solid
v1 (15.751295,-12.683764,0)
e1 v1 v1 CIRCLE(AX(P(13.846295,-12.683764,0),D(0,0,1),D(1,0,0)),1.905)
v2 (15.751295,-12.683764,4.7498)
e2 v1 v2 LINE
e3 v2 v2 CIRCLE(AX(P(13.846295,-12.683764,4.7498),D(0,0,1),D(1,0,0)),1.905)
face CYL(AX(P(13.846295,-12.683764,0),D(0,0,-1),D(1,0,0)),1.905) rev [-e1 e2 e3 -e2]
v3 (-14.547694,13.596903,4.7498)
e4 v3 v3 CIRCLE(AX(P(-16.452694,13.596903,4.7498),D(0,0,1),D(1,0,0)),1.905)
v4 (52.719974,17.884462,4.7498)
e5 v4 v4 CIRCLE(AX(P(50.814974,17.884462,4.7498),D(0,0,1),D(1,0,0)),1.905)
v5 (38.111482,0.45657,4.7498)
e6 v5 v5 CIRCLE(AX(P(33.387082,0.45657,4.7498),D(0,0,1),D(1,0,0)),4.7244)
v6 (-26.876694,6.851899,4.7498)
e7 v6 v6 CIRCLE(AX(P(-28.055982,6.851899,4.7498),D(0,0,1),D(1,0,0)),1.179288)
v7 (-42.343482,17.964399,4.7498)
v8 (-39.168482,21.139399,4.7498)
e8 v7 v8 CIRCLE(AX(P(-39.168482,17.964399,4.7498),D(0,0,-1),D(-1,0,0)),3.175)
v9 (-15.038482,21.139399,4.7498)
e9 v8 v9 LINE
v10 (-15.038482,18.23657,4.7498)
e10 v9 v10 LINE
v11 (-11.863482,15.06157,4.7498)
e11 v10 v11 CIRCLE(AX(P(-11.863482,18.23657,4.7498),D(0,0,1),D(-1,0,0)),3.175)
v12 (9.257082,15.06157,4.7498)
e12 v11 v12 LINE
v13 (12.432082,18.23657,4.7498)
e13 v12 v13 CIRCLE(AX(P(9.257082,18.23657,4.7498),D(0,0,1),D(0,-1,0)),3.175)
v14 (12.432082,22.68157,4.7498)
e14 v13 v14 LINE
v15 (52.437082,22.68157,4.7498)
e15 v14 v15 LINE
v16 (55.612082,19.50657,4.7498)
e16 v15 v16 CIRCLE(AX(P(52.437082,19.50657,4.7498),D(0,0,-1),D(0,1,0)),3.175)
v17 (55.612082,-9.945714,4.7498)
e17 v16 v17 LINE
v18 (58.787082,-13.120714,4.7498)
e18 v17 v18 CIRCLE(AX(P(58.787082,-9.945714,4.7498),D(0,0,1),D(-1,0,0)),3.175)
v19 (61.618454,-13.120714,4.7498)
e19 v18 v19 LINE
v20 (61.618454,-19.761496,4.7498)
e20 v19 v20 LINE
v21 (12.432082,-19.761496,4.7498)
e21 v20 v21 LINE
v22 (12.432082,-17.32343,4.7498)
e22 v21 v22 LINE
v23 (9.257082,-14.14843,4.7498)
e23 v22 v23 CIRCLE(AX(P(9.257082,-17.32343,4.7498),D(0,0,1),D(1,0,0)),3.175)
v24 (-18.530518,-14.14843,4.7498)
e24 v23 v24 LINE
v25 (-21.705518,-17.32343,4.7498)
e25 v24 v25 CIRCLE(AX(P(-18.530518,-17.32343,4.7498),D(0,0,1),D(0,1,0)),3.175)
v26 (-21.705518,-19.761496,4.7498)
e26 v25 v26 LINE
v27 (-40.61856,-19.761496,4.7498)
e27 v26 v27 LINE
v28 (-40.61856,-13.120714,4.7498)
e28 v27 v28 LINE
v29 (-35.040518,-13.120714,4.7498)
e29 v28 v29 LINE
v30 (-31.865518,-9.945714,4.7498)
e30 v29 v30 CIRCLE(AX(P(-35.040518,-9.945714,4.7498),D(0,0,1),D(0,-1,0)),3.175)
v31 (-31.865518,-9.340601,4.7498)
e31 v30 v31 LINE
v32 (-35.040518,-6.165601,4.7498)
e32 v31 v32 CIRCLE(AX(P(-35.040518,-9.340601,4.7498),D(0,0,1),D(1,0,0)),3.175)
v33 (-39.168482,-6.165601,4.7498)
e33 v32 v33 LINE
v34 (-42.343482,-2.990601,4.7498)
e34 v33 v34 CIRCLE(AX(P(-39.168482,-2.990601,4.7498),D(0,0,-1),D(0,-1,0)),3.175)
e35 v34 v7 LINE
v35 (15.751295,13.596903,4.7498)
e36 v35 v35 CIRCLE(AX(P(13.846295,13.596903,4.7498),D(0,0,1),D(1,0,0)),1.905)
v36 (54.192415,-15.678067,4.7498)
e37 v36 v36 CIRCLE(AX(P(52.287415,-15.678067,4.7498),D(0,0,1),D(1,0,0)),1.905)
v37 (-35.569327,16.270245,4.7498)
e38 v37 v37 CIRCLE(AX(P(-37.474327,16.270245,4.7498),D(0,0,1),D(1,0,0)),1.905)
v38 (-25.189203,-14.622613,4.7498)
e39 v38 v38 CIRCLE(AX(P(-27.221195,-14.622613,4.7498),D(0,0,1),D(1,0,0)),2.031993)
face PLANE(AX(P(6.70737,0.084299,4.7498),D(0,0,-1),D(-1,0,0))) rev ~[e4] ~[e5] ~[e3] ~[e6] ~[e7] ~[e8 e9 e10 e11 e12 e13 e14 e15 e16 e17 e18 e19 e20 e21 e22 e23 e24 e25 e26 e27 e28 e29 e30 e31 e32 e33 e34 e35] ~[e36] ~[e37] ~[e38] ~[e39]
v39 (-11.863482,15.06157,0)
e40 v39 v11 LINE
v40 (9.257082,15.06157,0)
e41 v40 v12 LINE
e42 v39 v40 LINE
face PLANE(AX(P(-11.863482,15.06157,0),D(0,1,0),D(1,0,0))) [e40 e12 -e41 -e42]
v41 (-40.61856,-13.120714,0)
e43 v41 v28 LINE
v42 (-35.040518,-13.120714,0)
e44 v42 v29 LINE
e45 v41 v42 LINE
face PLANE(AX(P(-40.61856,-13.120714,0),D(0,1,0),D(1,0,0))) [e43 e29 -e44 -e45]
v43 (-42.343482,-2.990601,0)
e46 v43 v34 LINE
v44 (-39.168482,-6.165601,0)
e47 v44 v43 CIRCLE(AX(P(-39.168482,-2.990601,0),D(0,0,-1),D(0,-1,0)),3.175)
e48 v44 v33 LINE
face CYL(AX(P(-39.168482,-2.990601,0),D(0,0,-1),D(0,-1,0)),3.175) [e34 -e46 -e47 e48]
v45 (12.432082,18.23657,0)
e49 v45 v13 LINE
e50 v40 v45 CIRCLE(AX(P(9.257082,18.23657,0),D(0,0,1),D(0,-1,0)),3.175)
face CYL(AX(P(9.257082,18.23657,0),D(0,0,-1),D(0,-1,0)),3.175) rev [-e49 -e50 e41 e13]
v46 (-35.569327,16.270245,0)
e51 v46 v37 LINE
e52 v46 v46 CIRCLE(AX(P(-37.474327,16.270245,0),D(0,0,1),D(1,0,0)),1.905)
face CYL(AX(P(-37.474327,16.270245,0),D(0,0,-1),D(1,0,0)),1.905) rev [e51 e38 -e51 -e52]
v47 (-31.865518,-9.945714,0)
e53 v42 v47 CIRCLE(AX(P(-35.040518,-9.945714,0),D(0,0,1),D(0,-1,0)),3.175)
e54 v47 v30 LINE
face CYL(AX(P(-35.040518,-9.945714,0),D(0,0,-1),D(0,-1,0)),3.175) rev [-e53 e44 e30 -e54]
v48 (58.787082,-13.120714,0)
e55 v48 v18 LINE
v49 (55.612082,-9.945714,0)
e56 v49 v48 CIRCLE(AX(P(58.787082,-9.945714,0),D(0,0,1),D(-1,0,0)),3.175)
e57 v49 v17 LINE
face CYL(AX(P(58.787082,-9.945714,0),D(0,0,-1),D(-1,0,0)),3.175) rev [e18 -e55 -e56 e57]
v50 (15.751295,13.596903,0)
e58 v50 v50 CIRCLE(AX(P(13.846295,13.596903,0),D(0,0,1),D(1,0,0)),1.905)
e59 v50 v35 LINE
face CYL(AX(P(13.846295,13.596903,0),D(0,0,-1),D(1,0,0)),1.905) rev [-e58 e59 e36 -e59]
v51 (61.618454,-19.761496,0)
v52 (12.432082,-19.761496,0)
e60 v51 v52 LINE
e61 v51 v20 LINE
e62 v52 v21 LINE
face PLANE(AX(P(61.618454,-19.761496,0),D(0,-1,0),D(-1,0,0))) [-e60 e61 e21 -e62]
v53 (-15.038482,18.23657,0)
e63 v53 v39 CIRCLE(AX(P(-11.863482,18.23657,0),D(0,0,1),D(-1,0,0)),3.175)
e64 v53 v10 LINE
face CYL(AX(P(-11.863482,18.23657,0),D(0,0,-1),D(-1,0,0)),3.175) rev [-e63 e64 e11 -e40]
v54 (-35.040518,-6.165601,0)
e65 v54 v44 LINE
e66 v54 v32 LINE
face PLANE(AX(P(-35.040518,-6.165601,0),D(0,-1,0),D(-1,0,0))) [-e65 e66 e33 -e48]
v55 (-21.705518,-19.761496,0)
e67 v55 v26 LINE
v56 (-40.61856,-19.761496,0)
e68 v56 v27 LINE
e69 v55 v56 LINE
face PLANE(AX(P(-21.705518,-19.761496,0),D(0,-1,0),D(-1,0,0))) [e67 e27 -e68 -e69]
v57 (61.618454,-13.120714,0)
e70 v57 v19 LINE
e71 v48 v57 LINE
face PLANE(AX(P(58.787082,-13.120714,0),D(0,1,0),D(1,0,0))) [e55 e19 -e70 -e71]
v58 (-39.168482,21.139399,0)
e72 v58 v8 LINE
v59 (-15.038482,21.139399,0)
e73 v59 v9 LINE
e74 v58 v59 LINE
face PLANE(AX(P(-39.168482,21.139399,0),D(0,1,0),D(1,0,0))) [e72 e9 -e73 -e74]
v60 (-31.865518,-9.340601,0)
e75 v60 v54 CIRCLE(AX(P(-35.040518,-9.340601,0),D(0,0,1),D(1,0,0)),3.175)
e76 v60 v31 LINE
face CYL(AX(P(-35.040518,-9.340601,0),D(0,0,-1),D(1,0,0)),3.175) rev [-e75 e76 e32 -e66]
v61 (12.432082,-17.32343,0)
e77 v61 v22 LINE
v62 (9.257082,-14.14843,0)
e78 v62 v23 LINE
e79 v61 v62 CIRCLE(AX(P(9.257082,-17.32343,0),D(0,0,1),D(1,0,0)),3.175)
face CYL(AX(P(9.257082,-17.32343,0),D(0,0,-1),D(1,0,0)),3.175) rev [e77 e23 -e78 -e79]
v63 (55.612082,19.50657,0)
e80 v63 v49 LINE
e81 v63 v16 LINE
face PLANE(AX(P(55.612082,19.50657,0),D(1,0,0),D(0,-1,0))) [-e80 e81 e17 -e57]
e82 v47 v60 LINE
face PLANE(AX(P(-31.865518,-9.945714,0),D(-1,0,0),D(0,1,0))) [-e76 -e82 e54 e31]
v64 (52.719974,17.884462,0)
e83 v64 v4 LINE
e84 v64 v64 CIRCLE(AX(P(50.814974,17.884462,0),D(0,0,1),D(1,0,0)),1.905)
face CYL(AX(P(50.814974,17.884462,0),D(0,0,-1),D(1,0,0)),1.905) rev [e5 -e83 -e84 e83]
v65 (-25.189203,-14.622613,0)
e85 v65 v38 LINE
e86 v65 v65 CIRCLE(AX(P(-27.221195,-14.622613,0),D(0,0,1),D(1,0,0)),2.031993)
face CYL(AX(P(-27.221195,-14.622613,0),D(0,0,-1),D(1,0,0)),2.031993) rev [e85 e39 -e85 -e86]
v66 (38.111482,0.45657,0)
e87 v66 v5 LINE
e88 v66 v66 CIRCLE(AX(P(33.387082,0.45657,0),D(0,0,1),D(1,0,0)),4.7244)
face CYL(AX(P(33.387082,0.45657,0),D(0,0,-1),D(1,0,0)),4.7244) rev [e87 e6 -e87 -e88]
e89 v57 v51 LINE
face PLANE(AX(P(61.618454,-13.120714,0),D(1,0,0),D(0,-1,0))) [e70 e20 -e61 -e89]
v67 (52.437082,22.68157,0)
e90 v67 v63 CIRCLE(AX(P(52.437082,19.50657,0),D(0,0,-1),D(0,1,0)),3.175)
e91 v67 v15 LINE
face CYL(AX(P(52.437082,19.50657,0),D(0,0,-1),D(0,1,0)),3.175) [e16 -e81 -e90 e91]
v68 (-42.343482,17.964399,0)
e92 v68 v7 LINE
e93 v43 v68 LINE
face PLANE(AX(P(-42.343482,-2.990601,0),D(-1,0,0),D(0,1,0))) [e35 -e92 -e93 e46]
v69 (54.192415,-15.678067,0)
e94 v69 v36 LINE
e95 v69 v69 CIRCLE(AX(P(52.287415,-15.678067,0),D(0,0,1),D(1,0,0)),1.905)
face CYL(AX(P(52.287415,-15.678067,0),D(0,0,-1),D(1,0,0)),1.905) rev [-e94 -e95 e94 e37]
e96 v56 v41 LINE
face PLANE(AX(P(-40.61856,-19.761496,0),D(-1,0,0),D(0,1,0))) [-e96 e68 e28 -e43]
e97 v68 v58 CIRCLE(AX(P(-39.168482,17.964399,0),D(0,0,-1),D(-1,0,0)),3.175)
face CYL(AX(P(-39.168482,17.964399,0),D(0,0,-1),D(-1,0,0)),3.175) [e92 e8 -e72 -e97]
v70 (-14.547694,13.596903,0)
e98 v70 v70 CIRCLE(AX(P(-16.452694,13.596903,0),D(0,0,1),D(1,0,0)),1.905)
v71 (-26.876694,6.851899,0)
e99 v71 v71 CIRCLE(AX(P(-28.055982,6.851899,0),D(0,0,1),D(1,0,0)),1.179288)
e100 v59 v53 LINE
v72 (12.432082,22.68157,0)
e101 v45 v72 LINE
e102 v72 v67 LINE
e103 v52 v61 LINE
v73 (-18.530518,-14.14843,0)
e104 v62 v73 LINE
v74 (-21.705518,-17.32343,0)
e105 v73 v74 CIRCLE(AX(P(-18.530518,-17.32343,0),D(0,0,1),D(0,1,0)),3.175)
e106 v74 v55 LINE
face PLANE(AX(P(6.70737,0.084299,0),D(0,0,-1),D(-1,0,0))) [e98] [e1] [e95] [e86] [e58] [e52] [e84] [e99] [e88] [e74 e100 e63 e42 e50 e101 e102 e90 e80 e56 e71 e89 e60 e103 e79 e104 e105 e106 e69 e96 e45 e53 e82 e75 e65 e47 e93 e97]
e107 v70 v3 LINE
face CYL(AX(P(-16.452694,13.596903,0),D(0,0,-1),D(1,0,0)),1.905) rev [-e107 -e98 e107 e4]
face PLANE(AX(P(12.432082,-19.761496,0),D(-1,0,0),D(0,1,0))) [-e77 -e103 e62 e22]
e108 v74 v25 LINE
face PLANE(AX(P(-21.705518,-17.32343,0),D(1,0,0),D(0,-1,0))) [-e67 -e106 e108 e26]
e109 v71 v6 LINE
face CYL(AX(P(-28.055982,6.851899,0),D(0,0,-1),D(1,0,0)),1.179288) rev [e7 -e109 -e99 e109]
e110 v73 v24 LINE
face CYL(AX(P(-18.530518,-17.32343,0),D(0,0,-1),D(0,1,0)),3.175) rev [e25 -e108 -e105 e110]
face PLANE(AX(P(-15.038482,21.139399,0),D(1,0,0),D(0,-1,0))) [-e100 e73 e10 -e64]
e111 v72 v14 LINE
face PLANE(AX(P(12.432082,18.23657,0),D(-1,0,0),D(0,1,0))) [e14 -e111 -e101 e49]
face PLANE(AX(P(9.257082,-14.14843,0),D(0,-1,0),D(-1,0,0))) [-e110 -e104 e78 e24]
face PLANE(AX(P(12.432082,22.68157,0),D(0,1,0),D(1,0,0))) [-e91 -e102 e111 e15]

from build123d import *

# Parameters (mm, degrees)
SKETCH4_R      = 2.031992692
SKETCH4_R_2    = 1.179287719
SKETCH4_R_3    = 1.905
SKETCH4_R_4    = 4.7244
EXTRUDE3_DEPTH = 4.7498


with BuildPart() as part:
    # Sketch4 → Extrude3 (new body)
    with BuildSketch(Plane.XY):
        with BuildLine():
            Line((-42.343481517, -2.990600597), (-42.343481517, 17.964399403))
            ThreePointArc((-42.343481517, 17.964399403), (-41.413545547, 20.209463433), (-39.168481517, 21.139399403))
            Line((-39.168481517, 21.139399403), (-15.038481517, 21.139399403))
            Line((-15.038481517, 21.139399403), (-15.038481517, 18.236569756))
            ThreePointArc((-15.038481517, 18.236569756), (-14.108545547, 15.991505726), (-11.863481517, 15.061569756))
            Line((-11.863481517, 15.061569756), (9.257081626, 15.061569756))
            ThreePointArc((9.257081626, 15.061569756), (11.502145656, 15.991505726), (12.432081626, 18.236569756))
            Line((12.432081626, 18.236569756), (12.432081626, 22.681569756))
            Line((12.432081626, 22.681569756), (52.437081626, 22.681569756))
            ThreePointArc((52.437081626, 22.681569756), (54.682145656, 21.751633786), (55.612081626, 19.506569756))
            Line((55.612081626, 19.506569756), (55.612081626, -9.945714332))
            ThreePointArc((55.612081626, -9.945714332), (56.542017596, -12.190778362), (58.787081626, -13.120714332))
            Line((58.787081626, -13.120714332), (61.618454053, -13.120714332))
            Line((61.618454053, -13.120714332), (61.618454053, -19.76149571))
            Line((61.618454053, -19.76149571), (12.432081626, -19.76149571))
            Line((12.432081626, -19.76149571), (12.432081626, -17.323430244))
            ThreePointArc((12.432081626, -17.323430244), (11.502145656, -15.078366214), (9.257081626, -14.148430244))
            Line((9.257081626, -14.148430244), (-18.530518374, -14.148430244))
            ThreePointArc((-18.530518374, -14.148430244), (-20.775582404, -15.078366214), (-21.705518374, -17.323430244))
            Line((-21.705518374, -17.323430244), (-21.705518374, -19.76149571))
            Line((-21.705518374, -19.76149571), (-40.618560355, -19.76149571))
            Line((-40.618560355, -19.76149571), (-40.618560355, -13.120714332))
            Line((-40.618560355, -13.120714332), (-35.040518374, -13.120714332))
            ThreePointArc((-35.040518374, -13.120714332), (-32.795454344, -12.190778362), (-31.865518374, -9.945714332))
            Line((-31.865518374, -9.945714332), (-31.865518374, -9.340600597))
            ThreePointArc((-31.865518374, -9.340600597), (-32.795454344, -7.095536567), (-35.040518374, -6.165600597))
            Line((-35.040518374, -6.165600597), (-39.168481517, -6.165600597))
            ThreePointArc((-39.168481517, -6.165600597), (-41.413545547, -5.235664628), (-42.343481517, -2.990600597))
        make_face()
        with Locations((-27.221195322, -14.622613425)):
            Circle(SKETCH4_R, mode=Mode.SUBTRACT)
        with Locations((-28.055981517, 6.851899403)):
            Circle(SKETCH4_R_2, mode=Mode.SUBTRACT)
        with Locations((52.287415303, -15.678066597)):
            Circle(SKETCH4_R_3, mode=Mode.SUBTRACT)
        with Locations((33.387081626, 0.456569756)):
            Circle(SKETCH4_R_4, mode=Mode.SUBTRACT)
        with Locations((13.846294556, -12.683763681)):
            Circle(SKETCH4_R_3, mode=Mode.SUBTRACT)
        with Locations((13.846294556, 13.596903192)):
            Circle(SKETCH4_R_3, mode=Mode.SUBTRACT)
        with Locations((-37.474326825, 16.270244711)):
            Circle(SKETCH4_R_3, mode=Mode.SUBTRACT)
        with Locations((-16.452694446, 13.596903192)):
            Circle(SKETCH4_R_3, mode=Mode.SUBTRACT)
        with Locations((50.814973838, 17.884461968)):
            Circle(SKETCH4_R_3, mode=Mode.SUBTRACT)
    extrude(amount=EXTRUDE3_DEPTH)


solid = part.part
